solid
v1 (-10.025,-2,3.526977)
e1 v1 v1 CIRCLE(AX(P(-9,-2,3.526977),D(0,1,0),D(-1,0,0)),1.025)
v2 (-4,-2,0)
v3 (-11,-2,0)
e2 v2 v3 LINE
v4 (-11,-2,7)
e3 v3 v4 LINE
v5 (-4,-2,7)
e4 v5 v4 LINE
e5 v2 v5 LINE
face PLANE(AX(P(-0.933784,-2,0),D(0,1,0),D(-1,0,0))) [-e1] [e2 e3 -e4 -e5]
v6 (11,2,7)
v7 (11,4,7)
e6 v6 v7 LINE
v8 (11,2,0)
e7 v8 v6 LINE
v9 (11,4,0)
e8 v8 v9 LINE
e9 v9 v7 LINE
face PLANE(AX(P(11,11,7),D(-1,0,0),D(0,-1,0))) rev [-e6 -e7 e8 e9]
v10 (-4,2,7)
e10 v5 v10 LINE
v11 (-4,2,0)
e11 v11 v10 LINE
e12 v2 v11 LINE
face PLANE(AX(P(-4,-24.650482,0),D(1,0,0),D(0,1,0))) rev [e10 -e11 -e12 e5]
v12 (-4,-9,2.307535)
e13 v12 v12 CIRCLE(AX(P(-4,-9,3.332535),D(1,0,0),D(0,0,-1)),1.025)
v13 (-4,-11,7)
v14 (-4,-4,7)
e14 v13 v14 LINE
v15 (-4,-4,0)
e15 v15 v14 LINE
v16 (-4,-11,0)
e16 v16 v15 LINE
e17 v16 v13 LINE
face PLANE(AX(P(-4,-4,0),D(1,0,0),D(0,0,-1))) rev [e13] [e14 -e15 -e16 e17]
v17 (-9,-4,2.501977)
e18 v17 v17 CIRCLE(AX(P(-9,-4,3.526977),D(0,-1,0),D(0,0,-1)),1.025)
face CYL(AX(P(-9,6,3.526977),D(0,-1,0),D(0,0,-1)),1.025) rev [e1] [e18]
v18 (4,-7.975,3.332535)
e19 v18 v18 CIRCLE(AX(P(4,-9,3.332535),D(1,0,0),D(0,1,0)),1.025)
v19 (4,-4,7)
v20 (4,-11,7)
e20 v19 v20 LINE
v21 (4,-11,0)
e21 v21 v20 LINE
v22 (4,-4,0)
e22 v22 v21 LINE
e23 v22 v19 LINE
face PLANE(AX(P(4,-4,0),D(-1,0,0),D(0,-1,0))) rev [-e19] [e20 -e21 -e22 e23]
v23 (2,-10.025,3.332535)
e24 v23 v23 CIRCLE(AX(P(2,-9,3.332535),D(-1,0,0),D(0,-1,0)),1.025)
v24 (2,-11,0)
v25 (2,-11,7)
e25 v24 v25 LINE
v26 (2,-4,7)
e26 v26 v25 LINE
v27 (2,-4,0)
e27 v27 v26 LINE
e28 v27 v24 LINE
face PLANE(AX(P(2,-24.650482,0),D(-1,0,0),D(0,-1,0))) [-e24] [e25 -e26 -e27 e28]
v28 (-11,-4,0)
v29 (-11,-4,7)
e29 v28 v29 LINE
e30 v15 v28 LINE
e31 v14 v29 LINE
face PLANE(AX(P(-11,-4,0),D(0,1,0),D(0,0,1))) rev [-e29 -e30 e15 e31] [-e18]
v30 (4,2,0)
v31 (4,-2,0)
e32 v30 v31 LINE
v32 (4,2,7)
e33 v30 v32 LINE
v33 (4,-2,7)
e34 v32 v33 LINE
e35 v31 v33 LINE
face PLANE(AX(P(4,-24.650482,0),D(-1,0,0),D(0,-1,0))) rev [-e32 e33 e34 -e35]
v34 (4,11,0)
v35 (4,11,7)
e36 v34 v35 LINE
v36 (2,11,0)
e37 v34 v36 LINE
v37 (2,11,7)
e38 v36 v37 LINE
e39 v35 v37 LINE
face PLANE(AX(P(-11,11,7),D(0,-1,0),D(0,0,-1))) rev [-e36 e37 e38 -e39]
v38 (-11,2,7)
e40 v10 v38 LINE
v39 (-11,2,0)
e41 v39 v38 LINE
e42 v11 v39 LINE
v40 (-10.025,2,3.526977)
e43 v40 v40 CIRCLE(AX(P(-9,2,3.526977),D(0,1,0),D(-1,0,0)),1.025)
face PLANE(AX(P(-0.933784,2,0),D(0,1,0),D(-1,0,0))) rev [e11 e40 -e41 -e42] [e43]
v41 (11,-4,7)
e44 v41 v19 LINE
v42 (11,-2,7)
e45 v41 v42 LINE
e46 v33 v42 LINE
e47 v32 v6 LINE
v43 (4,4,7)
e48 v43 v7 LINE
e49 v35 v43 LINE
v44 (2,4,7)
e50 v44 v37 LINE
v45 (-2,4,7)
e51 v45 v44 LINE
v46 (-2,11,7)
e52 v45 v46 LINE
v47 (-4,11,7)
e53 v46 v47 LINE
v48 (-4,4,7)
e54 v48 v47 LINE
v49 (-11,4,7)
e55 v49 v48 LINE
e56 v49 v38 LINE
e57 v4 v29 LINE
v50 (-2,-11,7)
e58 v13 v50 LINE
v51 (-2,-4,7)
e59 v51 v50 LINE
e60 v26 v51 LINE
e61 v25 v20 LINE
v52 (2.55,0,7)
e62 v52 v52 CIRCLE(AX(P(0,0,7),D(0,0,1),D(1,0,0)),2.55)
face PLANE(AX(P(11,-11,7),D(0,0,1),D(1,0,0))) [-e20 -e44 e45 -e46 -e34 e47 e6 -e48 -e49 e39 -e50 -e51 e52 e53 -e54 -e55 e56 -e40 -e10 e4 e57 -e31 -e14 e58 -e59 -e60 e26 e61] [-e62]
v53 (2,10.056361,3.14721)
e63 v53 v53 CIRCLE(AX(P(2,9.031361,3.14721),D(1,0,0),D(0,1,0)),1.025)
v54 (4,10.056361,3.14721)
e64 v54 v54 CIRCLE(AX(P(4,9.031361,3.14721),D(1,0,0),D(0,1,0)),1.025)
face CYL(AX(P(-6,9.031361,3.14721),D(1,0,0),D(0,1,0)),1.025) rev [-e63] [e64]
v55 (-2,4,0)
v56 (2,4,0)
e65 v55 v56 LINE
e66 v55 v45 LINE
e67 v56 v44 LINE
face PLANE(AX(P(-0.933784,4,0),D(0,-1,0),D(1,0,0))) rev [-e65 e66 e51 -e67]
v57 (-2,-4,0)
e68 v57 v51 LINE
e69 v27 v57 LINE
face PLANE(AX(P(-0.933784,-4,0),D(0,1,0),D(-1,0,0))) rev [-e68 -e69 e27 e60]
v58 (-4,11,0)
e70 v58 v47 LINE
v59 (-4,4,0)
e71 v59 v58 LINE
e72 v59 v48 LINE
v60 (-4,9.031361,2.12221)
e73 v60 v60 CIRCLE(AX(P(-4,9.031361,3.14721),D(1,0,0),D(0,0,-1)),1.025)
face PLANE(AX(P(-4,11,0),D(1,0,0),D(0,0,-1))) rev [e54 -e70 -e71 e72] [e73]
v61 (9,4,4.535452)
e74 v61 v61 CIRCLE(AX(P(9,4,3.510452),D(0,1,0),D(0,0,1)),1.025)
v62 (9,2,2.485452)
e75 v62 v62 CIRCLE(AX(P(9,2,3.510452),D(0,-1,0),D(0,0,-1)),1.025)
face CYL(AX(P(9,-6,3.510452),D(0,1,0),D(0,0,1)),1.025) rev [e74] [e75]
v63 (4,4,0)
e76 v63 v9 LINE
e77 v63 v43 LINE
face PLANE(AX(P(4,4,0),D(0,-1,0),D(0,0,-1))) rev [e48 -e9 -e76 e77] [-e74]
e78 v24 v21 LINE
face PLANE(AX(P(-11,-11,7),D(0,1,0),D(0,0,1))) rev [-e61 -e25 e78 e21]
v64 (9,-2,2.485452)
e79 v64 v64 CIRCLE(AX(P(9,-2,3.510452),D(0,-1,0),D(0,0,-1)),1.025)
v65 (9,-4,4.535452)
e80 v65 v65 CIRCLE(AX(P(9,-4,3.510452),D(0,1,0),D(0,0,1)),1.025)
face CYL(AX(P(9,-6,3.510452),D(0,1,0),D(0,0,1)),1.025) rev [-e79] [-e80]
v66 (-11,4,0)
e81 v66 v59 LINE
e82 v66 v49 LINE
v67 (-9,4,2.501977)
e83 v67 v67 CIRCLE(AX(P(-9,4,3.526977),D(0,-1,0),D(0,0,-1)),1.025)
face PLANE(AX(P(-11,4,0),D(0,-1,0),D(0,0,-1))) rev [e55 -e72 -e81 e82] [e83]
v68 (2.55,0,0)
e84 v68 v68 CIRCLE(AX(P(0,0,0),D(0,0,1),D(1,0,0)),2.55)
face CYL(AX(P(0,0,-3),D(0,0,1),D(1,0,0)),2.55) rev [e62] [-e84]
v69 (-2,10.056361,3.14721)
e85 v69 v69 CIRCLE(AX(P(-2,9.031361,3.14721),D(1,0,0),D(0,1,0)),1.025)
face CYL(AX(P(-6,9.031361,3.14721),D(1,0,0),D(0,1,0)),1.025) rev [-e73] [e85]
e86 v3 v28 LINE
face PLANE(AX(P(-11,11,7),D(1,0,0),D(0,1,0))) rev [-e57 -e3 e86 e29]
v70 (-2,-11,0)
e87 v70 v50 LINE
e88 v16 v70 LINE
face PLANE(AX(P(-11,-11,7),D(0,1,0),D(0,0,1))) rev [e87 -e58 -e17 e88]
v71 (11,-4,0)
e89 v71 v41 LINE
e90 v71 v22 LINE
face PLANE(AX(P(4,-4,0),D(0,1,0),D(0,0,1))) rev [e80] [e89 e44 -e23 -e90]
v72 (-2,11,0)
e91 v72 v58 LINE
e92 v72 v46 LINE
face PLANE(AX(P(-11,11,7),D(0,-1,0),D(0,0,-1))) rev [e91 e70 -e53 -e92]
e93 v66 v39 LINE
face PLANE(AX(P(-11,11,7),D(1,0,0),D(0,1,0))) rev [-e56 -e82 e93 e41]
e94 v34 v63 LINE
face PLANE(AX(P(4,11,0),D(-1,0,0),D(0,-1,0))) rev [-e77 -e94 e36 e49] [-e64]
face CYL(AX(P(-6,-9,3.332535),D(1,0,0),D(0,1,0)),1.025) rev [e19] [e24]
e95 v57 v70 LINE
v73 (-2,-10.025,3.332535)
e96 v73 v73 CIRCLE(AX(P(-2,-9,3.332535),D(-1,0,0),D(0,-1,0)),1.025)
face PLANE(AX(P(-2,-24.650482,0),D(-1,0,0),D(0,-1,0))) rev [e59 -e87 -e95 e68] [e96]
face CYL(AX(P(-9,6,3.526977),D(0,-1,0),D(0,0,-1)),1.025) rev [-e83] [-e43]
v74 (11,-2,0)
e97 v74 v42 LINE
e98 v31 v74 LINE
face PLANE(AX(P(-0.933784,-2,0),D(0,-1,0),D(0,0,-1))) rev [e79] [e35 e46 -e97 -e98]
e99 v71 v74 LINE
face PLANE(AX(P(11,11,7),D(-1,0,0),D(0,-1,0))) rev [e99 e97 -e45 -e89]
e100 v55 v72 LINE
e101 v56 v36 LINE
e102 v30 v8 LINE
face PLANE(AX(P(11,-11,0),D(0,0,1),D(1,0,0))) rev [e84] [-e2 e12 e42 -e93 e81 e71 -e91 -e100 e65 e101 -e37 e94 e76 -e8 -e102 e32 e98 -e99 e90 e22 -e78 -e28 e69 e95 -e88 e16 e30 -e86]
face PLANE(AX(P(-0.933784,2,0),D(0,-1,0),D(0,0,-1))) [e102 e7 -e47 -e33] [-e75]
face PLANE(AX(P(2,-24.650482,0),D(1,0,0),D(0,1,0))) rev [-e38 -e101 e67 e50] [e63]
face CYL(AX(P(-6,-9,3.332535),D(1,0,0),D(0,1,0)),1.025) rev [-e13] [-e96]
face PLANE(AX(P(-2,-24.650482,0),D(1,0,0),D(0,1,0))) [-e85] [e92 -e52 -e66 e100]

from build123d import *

# Parameters (mm, degrees)
SKETCH1_W       = 22
SKETCH1_H       = 22
EXTRUDE1_DEPTH  = 7
SKETCH2_W       = 7
SKETCH2_H       = 7
EXTRUDE2_DEPTH  = 7
SKETCH3_W       = 7
SKETCH3_H       = 4
SKETCH3_W_2     = 4
SKETCH3_H_2     = 7
EXTRUDE3_DEPTH  = 7
SKETCH4_W       = 4
SKETCH4_H       = 4
EXTRUDE5_DEPTH  = 7
SKETCH5_R       = 2.55
EXTRUDE6_DEPTH  = 10
SKETCH6_R       = 1.025
EXTRUDE7_DEPTH  = 10
SKETCH7_R       = 1.025
EXTRUDE8_DEPTH  = 10
SKETCH8_R       = 1.025
EXTRUDE9_DEPTH  = 10
SKETCH9_R       = 1.025
EXTRUDE10_DEPTH = 10


with BuildPart() as part:
    # Sketch1 → Extrude1 (new body)
    with BuildSketch(Plane.XY):
        Rectangle(SKETCH1_W, SKETCH1_H)
    extrude(amount=EXTRUDE1_DEPTH)

    # Sketch2 → Extrude2 (cut)
    with BuildSketch(Plane.XY.offset(7)):
        with Locations((7.5, 7.5)):
            Rectangle(SKETCH2_W, SKETCH2_H)
        with Locations((-7.5, 7.5)):
            Rectangle(SKETCH2_W, SKETCH2_H)
        with Locations((-7.5, -7.5)):
            Rectangle(SKETCH2_W, SKETCH2_H)
        with Locations((7.5, -7.5)):
            Rectangle(SKETCH2_W, SKETCH2_H)
    extrude(amount=-EXTRUDE2_DEPTH, mode=Mode.SUBTRACT)

    # Sketch3 → Extrude3 (cut)
    with BuildSketch(Plane.XY.offset(7)):
        with Locations((-7.5, 0)):
            Rectangle(SKETCH3_W, SKETCH3_H)
        with Locations((0, 7.5)):
            Rectangle(SKETCH3_W_2, SKETCH3_H_2)
        with Locations((7.5, 0)):
            Rectangle(SKETCH3_W, SKETCH3_H)
        with Locations((0, -7.5)):
            Rectangle(SKETCH3_W_2, SKETCH3_H_2)
        Rectangle(SKETCH3_W_2, SKETCH3_H)
    extrude(amount=-EXTRUDE3_DEPTH, mode=Mode.SUBTRACT)

    # Sketch4 → Extrude5 (add)
    with BuildSketch(Plane.XY.offset(7)):
        Rectangle(SKETCH4_W, SKETCH4_H)
    extrude(amount=-EXTRUDE5_DEPTH)

    # Sketch5 → Extrude6 (cut)
    with BuildSketch(Plane.XY.offset(7)):
        Circle(SKETCH5_R)
    extrude(amount=-EXTRUDE6_DEPTH, mode=Mode.SUBTRACT)

    # Sketch6 → Extrude7 (cut)
    with BuildSketch(Plane(origin=(4, 0, 0), x_dir=(0, 0, -1), z_dir=(1, 0, 0))):
        with Locations((-3.14721043, 9.031360998)):
            Circle(SKETCH6_R)
    extrude(amount=-EXTRUDE7_DEPTH, mode=Mode.SUBTRACT)

    # Sketch7 → Extrude8 (cut)
    with BuildSketch(Plane.XZ.offset(4)):
        with Locations((-9, 3.526976634)):
            Circle(SKETCH7_R)
    extrude(amount=-EXTRUDE8_DEPTH, mode=Mode.SUBTRACT)

    # Sketch8 → Extrude9 (cut)
    with BuildSketch(Plane(origin=(4, 0, 0), x_dir=(0, 0, -1), z_dir=(1, 0, 0))):
        with Locations((-3.332535344, -9)):
            Circle(SKETCH8_R)
    extrude(amount=-EXTRUDE9_DEPTH, mode=Mode.SUBTRACT)

    # Sketch9 → Extrude10 (cut)
    with BuildSketch(Plane(origin=(0, 4, 0), x_dir=(1, 0, 0), z_dir=(0, 1, 0))):
        with Locations((9, -3.510451641)):
            Circle(SKETCH9_R)
    extrude(amount=-EXTRUDE10_DEPTH, mode=Mode.SUBTRACT)


solid = part.part
